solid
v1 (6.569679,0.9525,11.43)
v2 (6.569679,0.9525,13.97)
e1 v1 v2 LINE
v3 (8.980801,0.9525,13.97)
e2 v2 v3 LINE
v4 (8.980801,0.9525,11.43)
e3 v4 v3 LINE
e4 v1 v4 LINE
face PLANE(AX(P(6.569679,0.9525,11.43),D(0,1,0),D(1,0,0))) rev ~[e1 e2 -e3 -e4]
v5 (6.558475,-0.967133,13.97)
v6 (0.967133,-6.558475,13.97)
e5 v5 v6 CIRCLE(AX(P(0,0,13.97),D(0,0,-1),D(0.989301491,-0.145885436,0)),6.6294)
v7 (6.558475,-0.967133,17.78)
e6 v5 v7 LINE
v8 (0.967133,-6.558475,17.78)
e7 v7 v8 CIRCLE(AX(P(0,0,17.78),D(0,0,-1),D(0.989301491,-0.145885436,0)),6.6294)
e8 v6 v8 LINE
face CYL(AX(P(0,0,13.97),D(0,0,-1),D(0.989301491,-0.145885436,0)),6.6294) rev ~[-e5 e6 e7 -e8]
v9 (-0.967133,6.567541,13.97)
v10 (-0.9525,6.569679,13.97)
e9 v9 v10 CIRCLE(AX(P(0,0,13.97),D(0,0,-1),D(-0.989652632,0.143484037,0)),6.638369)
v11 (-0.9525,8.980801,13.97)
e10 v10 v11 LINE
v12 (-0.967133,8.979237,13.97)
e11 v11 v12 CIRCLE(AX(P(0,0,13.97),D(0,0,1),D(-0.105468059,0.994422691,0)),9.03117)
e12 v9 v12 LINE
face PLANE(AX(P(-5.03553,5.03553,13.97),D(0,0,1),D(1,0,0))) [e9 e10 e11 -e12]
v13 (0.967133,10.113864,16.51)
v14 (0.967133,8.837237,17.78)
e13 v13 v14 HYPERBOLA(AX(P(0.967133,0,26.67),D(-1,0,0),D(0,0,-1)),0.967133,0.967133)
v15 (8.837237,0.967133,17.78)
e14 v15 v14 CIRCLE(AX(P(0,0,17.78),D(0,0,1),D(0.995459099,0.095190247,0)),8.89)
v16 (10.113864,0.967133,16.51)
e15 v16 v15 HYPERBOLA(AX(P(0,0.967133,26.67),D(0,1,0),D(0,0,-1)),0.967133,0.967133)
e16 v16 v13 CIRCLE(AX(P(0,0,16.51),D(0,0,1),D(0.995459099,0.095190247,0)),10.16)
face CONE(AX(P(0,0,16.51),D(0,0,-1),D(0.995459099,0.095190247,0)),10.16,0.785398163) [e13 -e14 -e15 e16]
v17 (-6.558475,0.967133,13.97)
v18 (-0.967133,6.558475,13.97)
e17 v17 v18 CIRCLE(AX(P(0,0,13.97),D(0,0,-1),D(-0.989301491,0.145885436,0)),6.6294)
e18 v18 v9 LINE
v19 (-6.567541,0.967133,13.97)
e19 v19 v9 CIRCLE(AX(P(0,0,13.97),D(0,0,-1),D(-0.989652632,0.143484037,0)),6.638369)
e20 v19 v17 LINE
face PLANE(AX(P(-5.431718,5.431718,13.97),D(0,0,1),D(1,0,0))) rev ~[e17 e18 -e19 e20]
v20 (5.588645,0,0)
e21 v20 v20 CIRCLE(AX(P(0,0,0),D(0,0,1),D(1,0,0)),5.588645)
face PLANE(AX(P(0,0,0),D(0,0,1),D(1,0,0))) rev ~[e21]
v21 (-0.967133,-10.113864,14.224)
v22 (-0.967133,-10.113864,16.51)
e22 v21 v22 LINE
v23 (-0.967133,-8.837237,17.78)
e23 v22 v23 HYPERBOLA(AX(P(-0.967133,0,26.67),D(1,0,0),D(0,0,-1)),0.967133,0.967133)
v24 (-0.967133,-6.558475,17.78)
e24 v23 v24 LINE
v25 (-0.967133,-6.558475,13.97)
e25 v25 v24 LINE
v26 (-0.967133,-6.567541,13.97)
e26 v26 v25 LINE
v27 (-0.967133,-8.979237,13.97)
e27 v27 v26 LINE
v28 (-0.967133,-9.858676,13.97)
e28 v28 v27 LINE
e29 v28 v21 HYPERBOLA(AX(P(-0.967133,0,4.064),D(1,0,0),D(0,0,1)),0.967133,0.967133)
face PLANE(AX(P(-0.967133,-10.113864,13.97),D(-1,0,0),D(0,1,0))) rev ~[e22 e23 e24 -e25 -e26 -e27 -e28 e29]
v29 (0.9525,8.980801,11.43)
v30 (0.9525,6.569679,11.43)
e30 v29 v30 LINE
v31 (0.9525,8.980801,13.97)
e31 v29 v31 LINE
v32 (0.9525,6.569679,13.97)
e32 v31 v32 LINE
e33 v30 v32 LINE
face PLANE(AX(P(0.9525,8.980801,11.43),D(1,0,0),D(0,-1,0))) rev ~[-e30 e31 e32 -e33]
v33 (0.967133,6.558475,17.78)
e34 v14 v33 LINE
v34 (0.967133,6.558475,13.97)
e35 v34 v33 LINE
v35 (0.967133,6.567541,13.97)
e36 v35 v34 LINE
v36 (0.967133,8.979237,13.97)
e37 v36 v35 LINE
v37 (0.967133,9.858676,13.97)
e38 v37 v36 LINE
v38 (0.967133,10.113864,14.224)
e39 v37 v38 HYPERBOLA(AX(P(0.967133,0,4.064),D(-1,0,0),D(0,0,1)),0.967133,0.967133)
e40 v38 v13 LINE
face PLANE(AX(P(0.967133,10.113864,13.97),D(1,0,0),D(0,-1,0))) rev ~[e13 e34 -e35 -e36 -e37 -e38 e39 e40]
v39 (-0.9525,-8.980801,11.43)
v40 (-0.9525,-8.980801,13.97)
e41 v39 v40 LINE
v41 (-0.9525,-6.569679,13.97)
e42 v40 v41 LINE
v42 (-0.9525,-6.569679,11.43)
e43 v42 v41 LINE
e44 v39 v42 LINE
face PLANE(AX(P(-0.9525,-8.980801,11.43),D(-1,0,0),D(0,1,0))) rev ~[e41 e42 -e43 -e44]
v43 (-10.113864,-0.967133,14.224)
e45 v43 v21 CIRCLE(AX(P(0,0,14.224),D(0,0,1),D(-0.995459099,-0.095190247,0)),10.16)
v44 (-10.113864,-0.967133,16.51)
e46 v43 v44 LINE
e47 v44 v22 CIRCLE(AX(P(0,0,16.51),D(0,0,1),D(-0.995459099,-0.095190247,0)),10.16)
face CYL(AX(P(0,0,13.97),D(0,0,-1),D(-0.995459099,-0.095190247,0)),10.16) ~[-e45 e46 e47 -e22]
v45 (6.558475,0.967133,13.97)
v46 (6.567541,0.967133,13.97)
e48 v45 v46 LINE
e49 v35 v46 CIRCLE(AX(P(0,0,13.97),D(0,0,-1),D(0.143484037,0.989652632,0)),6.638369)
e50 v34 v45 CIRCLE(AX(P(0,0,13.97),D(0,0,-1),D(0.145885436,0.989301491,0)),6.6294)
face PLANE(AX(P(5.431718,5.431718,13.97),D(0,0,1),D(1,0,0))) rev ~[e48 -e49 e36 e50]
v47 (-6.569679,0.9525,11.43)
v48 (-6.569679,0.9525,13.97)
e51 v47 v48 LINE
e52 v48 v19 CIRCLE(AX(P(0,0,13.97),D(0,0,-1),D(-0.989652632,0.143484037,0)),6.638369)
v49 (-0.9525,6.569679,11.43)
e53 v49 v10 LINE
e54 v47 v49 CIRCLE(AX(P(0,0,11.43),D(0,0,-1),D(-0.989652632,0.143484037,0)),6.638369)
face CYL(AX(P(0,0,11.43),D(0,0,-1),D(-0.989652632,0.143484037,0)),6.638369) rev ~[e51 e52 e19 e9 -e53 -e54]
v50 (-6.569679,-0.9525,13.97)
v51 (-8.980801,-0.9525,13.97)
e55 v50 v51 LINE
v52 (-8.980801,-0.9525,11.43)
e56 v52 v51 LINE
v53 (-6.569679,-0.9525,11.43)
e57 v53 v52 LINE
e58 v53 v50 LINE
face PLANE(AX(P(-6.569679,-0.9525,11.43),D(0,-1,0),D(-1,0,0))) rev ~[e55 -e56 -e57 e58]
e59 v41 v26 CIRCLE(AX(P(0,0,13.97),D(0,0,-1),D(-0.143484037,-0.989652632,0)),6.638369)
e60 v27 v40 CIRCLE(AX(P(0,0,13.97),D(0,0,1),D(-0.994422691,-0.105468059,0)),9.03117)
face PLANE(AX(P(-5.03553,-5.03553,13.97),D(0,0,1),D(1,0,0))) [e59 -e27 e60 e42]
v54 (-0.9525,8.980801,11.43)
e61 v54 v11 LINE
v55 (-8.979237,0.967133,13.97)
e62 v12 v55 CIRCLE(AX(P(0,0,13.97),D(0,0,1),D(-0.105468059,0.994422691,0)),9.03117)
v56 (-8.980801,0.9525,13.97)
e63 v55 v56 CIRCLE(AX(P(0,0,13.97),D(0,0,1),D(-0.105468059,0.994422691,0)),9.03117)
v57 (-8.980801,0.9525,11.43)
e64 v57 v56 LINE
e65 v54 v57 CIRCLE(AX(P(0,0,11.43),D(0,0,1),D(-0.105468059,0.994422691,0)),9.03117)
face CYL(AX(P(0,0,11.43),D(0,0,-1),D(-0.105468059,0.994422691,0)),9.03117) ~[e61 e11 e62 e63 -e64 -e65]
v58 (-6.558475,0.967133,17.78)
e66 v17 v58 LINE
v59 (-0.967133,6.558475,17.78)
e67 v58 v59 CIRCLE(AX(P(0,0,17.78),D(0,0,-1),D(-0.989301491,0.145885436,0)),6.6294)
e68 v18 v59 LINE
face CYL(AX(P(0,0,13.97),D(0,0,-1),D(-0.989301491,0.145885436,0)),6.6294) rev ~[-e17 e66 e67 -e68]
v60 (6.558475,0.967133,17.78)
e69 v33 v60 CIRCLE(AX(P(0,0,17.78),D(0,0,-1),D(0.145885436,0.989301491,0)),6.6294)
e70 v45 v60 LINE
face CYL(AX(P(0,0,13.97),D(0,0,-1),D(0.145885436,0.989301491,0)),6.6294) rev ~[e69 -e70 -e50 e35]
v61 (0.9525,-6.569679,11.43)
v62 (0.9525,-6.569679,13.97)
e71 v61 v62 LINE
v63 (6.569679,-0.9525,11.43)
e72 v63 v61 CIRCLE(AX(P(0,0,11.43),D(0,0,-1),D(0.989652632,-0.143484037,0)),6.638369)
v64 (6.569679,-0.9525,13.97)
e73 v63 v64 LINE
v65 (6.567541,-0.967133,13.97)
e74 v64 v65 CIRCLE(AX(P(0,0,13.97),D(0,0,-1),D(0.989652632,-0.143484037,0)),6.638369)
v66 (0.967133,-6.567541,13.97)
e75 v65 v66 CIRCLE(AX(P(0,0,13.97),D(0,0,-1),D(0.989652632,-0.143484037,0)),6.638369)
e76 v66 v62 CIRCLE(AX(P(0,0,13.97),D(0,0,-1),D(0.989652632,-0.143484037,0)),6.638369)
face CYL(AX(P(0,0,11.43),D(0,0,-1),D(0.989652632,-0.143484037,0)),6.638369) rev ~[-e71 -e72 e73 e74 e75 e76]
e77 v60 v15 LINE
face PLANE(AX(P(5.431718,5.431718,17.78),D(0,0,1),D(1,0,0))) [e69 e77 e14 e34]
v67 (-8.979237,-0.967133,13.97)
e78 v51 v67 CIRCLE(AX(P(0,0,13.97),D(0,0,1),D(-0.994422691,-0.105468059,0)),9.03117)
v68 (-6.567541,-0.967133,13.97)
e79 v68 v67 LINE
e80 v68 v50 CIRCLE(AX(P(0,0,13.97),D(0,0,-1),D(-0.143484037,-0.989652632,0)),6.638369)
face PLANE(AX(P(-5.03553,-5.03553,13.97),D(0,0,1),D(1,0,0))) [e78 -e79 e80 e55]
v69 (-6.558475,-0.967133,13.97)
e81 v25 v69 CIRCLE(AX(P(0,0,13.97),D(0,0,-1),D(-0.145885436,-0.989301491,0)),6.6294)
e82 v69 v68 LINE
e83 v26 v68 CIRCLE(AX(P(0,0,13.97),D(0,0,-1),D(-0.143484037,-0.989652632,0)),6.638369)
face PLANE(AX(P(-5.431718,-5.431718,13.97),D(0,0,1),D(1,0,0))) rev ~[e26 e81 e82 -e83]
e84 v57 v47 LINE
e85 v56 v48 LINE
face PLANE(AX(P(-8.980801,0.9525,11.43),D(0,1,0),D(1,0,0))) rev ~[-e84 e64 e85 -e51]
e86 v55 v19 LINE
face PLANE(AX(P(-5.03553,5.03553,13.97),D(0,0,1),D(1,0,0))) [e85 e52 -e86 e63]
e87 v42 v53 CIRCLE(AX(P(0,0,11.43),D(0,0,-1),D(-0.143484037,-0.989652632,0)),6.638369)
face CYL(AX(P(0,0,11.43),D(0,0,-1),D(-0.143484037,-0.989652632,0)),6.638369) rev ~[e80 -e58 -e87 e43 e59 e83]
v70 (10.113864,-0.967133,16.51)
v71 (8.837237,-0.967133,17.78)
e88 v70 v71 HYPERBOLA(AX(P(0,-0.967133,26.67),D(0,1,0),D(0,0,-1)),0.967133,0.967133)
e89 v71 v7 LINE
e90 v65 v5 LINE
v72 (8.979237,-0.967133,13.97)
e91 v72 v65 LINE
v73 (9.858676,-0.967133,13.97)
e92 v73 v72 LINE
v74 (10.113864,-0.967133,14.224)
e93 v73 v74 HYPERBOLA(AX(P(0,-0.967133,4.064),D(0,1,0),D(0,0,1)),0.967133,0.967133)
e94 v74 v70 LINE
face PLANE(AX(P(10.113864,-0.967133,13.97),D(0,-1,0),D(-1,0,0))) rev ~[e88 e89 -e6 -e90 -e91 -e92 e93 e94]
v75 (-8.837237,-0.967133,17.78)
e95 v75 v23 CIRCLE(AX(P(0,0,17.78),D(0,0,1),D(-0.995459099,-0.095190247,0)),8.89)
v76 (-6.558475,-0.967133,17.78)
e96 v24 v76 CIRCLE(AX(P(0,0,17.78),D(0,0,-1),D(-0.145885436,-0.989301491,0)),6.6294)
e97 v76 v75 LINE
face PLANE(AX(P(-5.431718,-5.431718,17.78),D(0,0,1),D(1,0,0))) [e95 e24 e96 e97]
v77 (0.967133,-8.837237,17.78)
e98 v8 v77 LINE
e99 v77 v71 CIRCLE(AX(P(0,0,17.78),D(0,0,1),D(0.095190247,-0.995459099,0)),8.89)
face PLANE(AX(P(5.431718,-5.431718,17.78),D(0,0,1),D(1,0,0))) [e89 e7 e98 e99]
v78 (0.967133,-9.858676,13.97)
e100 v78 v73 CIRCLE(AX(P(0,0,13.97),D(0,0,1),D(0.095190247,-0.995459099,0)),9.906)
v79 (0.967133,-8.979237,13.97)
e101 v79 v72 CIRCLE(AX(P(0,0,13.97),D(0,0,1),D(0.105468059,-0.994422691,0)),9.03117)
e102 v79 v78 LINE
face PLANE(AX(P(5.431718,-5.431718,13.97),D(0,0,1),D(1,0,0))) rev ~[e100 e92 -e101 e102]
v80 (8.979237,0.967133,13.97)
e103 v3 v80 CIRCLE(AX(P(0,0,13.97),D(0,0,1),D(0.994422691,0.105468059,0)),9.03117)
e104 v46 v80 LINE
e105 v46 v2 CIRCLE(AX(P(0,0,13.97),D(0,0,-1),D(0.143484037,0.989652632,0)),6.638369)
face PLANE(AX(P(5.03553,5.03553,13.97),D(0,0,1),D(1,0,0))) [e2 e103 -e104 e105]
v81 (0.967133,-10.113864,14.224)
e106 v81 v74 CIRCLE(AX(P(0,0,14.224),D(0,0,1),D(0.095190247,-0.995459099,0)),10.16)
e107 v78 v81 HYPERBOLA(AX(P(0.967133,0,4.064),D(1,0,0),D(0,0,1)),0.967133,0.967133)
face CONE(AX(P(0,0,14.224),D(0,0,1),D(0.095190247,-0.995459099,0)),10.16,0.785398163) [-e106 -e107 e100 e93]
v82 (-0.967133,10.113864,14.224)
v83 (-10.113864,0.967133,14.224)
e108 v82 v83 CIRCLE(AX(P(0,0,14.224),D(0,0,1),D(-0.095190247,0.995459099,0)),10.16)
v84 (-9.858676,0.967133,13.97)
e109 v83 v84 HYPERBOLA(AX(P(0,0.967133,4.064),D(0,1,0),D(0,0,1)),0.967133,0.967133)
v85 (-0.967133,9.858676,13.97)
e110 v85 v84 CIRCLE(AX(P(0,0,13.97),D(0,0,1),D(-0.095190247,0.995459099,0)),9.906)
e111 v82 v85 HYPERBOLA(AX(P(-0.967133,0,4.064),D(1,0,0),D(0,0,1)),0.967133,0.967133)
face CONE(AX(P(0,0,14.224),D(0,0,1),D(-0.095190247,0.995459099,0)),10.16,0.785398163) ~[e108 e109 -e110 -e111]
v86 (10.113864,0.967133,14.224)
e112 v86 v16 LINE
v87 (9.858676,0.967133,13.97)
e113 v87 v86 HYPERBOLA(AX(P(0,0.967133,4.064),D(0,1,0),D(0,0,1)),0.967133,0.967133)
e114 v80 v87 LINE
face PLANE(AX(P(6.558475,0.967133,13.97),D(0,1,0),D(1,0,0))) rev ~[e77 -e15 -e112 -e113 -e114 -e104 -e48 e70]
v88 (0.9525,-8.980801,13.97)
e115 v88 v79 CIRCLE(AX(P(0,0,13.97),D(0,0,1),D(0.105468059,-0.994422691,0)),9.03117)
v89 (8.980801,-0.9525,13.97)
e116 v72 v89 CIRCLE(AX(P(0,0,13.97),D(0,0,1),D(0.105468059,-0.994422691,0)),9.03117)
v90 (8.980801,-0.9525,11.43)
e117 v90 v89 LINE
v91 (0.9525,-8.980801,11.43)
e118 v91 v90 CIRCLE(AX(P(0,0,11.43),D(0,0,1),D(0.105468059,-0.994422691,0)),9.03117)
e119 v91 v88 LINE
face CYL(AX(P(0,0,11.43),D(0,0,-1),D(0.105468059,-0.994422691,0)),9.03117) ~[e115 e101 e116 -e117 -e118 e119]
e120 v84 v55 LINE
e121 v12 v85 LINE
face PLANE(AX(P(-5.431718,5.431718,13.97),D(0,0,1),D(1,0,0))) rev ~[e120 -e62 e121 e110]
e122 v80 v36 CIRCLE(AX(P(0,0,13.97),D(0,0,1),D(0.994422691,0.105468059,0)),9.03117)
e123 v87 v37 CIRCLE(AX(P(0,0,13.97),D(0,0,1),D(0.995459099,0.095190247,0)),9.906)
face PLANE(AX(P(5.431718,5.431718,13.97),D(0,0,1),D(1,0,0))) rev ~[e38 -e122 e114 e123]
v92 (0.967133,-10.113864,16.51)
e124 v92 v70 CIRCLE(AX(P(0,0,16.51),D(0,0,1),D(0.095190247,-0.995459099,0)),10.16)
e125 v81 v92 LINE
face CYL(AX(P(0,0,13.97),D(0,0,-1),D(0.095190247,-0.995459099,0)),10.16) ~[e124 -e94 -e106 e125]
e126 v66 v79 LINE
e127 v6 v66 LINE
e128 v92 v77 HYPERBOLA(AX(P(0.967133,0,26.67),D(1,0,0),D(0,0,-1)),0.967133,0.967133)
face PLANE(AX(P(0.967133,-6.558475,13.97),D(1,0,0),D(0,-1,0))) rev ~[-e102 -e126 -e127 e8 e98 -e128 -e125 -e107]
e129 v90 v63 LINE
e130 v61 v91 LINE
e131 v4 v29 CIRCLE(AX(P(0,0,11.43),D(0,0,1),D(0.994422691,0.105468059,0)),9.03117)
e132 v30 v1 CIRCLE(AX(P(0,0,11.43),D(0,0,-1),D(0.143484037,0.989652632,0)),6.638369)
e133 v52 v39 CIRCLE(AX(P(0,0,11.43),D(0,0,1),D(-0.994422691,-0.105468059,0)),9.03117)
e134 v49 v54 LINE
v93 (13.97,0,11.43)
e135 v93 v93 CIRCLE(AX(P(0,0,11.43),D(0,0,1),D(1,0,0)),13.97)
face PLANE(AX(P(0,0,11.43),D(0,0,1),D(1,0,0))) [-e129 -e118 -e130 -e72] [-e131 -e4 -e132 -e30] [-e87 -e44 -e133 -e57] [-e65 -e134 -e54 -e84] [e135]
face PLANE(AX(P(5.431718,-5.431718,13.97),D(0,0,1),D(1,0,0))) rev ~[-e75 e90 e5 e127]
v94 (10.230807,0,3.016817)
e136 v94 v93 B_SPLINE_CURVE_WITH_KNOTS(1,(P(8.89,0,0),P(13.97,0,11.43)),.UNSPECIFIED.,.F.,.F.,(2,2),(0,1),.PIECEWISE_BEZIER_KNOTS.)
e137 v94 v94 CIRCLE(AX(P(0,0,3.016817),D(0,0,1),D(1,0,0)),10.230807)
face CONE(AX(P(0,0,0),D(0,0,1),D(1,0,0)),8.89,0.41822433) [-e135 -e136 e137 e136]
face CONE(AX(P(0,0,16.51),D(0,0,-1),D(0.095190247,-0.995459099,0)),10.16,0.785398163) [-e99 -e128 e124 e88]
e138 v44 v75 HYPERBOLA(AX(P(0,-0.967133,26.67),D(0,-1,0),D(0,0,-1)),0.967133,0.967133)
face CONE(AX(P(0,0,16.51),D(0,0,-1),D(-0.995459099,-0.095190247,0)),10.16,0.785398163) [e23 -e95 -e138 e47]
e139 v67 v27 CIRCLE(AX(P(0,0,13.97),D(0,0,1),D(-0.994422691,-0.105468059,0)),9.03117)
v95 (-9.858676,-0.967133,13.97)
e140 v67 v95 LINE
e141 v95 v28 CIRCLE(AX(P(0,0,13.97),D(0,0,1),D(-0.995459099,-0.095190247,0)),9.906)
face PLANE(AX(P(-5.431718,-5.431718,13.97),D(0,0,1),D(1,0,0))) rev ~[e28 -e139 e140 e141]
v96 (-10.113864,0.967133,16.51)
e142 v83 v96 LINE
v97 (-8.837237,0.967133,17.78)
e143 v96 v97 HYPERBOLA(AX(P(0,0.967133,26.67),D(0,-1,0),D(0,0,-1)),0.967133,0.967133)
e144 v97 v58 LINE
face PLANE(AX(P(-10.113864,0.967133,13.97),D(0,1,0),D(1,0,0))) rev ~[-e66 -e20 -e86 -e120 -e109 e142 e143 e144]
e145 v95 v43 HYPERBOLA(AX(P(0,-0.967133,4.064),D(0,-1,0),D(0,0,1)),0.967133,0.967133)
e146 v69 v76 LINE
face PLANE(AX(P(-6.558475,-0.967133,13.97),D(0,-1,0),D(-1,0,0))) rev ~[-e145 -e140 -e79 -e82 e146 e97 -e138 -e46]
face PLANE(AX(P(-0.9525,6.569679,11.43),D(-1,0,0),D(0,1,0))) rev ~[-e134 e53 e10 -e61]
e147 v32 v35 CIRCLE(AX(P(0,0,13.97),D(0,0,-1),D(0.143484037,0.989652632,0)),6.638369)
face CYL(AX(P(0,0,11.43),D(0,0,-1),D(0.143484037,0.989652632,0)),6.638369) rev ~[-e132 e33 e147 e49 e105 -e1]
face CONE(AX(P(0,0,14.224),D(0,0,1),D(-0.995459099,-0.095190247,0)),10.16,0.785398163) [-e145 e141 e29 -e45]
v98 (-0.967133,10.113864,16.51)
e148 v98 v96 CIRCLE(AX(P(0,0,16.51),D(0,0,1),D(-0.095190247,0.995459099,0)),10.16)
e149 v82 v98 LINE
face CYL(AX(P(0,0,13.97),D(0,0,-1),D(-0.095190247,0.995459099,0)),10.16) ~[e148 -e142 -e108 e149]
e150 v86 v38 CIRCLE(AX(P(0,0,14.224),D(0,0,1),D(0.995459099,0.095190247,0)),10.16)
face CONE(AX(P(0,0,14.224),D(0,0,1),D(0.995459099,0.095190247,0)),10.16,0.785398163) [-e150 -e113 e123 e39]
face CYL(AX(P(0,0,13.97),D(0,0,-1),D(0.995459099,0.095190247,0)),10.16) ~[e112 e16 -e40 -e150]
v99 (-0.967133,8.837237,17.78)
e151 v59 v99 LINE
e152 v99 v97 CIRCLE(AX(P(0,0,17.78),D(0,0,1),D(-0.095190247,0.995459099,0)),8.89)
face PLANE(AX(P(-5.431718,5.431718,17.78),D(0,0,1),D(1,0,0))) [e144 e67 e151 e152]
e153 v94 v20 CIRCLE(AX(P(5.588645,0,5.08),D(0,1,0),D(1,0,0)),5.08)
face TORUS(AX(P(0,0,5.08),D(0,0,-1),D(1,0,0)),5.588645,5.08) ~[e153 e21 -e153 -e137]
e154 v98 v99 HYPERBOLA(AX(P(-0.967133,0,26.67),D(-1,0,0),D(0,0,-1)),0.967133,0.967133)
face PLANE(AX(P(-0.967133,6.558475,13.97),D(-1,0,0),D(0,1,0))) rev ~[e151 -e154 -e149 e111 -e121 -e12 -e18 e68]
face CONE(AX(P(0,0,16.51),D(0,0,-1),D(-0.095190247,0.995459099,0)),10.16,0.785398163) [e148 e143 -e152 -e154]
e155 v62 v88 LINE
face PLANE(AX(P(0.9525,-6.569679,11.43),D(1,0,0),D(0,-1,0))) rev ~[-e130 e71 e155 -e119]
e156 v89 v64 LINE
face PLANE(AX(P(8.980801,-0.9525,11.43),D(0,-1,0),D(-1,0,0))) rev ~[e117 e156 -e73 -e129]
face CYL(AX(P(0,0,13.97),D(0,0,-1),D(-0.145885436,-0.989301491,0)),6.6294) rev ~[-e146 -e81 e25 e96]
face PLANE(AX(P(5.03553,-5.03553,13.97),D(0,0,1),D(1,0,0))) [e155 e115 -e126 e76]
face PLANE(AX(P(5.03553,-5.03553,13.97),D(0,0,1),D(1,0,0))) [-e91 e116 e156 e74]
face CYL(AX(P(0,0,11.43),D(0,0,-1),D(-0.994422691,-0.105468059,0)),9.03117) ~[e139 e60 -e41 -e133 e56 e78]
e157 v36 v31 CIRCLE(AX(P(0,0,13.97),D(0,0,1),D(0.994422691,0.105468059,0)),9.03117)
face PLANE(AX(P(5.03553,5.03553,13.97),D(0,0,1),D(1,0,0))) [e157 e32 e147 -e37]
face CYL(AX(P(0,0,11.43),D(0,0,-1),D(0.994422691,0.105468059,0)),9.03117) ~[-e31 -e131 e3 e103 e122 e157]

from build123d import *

# Parameters (mm, degrees)
F1_R     = 8.89
F2_R     = 13.97
F5_R     = 5.08
F7_DEPTH = 2.54
F9_DEPTH = 3.81
F10_SIZE = 1.27
F11_SIZE = 0.254


with BuildPart() as f4:
    # F1 (on Top) → F4 section 0
    with BuildSketch(Plane.XY):
        Circle(F1_R)
    # F2 (on offset) → F4 section 1
    with BuildSketch(Plane.XY.offset(11.43)):
        Circle(F2_R)
    loft()

    # F5
    f5_edges = [f4.edges().sort_by_distance(p)[0] for p in [
        (-8.89, 0, 0),
    ]]
    fillet(f5_edges, radius=F5_R)

    # F6 (on offset) → F7 (join)
    with BuildSketch(Plane.XY.offset(11.43)):
        with BuildLine():
            Line((-0.9525, 6.5696794791), (-0.9525, 8.9808006413))
            ThreePointArc((-0.9525, 8.9808006413), (-6.3860017386, 6.3860017386), (-8.9808006413, 0.9525))
            Line((-8.9808006413, 0.9525), (-6.5696794791, 0.9525))
            ThreePointArc((-6.5696794791, 0.9525), (-4.694035828, 4.694035828), (-0.9525, 6.5696794791))
        make_face()
        with BuildLine():
            ThreePointArc((-0.9525, -6.5696794791), (-4.694035828, -4.694035828), (-6.5696794791, -0.9525))
            Line((-6.5696794791, -0.9525), (-8.9808006413, -0.9525))
            ThreePointArc((-8.9808006413, -0.9525), (-6.3860017386, -6.3860017386), (-0.9525, -8.9808006413))
            Line((-0.9525, -8.9808006413), (-0.9525, -6.5696794791))
        make_face()
        with BuildLine():
            ThreePointArc((0.9525, -8.9808006413), (6.3860017386, -6.3860017386), (8.9808006413, -0.9525))
            Line((8.9808006413, -0.9525), (6.5696794791, -0.9525))
            ThreePointArc((6.5696794791, -0.9525), (4.694035828, -4.694035828), (0.9525, -6.5696794791))
            Line((0.9525, -6.5696794791), (0.9525, -8.9808006413))
        make_face()
        with BuildLine():
            Line((6.5696794791, 0.9525), (8.9808006413, 0.9525))
            ThreePointArc((8.9808006413, 0.9525), (6.3860017386, 6.3860017386), (0.9525, 8.9808006413))
            Line((0.9525, 8.9808006413), (0.9525, 6.5696794791))
            ThreePointArc((0.9525, 6.5696794791), (4.694035828, 4.694035828), (6.5696794791, 0.9525))
        make_face()
    extrude(amount=F7_DEPTH)

    # F8 (on offset) → F9 (join)
    with BuildSketch(Plane.XY.offset(13.97)):
        with BuildLine():
            Line((-0.9671329128, 6.5584753021), (-0.9671329128, 10.1138644409))
            ThreePointArc((-0.9671329128, 10.1138644409), (-7.1842048969, 7.1842048969), (-10.1138644409, 0.9671329128))
            Line((-10.1138644409, 0.9671329128), (-6.5584753021, 0.9671329128))
            ThreePointArc((-6.5584753021, 0.9671329128), (-4.6876936952, 4.6876936952), (-0.9671329128, 6.5584753021))
        make_face()
        with BuildLine():
            ThreePointArc((10.1138644409, 0.9671329128), (7.1842048969, 7.1842048969), (0.9671329128, 10.1138644409))
            Line((0.9671329128, 10.1138644409), (0.9671329128, 6.5584753021))
            ThreePointArc((0.9671329128, 6.5584753021), (4.6876936952, 4.6876936952), (6.5584753021, 0.9671329128))
            Line((6.5584753021, 0.9671329128), (10.1138644409, 0.9671329128))
        make_face()
        with BuildLine():
            ThreePointArc((0.9671329128, -10.1138644409), (7.1842048969, -7.1842048969), (10.1138644409, -0.9671329128))
            Line((10.1138644409, -0.9671329128), (6.5584753021, -0.9671329128))
            ThreePointArc((6.5584753021, -0.9671329128), (4.6876936952, -4.6876936952), (0.9671329128, -6.5584753021))
            Line((0.9671329128, -6.5584753021), (0.9671329128, -10.1138644409))
        make_face()
        with BuildLine():
            Line((-6.5584753021, -0.9671329128), (-10.1138644409, -0.9671329128))
            ThreePointArc((-10.1138644409, -0.9671329128), (-7.1842048969, -7.1842048969), (-0.9671329128, -10.1138644409))
            Line((-0.9671329128, -10.1138644409), (-0.9671329128, -6.5584753021))
            ThreePointArc((-0.9671329128, -6.5584753021), (-4.6876936952, -4.6876936952), (-6.5584753021, -0.9671329128))
        make_face()
    extrude(amount=F9_DEPTH)

    # F10
    f10_edges = [f4.edges().sort_by_distance(p)[0] for p in [
        (-7.184205, -7.184205, 17.78),
        (7.184205, -7.184205, 17.78),
        (7.184205, 7.184205, 17.78),
        (-7.184205, 7.184205, 17.78),
    ]]
    chamfer(f10_edges, length=F10_SIZE)

    # F11
    f11_edges = [f4.edges().sort_by_distance(p)[0] for p in [
        (-7.184205, -7.184205, 13.97),
        (-7.184205, 7.184205, 13.97),
        (7.184205, -7.184205, 13.97),
        (7.184205, 7.184205, 13.97),
    ]]
    chamfer(f11_edges, length=F11_SIZE)


solid = f4.part
